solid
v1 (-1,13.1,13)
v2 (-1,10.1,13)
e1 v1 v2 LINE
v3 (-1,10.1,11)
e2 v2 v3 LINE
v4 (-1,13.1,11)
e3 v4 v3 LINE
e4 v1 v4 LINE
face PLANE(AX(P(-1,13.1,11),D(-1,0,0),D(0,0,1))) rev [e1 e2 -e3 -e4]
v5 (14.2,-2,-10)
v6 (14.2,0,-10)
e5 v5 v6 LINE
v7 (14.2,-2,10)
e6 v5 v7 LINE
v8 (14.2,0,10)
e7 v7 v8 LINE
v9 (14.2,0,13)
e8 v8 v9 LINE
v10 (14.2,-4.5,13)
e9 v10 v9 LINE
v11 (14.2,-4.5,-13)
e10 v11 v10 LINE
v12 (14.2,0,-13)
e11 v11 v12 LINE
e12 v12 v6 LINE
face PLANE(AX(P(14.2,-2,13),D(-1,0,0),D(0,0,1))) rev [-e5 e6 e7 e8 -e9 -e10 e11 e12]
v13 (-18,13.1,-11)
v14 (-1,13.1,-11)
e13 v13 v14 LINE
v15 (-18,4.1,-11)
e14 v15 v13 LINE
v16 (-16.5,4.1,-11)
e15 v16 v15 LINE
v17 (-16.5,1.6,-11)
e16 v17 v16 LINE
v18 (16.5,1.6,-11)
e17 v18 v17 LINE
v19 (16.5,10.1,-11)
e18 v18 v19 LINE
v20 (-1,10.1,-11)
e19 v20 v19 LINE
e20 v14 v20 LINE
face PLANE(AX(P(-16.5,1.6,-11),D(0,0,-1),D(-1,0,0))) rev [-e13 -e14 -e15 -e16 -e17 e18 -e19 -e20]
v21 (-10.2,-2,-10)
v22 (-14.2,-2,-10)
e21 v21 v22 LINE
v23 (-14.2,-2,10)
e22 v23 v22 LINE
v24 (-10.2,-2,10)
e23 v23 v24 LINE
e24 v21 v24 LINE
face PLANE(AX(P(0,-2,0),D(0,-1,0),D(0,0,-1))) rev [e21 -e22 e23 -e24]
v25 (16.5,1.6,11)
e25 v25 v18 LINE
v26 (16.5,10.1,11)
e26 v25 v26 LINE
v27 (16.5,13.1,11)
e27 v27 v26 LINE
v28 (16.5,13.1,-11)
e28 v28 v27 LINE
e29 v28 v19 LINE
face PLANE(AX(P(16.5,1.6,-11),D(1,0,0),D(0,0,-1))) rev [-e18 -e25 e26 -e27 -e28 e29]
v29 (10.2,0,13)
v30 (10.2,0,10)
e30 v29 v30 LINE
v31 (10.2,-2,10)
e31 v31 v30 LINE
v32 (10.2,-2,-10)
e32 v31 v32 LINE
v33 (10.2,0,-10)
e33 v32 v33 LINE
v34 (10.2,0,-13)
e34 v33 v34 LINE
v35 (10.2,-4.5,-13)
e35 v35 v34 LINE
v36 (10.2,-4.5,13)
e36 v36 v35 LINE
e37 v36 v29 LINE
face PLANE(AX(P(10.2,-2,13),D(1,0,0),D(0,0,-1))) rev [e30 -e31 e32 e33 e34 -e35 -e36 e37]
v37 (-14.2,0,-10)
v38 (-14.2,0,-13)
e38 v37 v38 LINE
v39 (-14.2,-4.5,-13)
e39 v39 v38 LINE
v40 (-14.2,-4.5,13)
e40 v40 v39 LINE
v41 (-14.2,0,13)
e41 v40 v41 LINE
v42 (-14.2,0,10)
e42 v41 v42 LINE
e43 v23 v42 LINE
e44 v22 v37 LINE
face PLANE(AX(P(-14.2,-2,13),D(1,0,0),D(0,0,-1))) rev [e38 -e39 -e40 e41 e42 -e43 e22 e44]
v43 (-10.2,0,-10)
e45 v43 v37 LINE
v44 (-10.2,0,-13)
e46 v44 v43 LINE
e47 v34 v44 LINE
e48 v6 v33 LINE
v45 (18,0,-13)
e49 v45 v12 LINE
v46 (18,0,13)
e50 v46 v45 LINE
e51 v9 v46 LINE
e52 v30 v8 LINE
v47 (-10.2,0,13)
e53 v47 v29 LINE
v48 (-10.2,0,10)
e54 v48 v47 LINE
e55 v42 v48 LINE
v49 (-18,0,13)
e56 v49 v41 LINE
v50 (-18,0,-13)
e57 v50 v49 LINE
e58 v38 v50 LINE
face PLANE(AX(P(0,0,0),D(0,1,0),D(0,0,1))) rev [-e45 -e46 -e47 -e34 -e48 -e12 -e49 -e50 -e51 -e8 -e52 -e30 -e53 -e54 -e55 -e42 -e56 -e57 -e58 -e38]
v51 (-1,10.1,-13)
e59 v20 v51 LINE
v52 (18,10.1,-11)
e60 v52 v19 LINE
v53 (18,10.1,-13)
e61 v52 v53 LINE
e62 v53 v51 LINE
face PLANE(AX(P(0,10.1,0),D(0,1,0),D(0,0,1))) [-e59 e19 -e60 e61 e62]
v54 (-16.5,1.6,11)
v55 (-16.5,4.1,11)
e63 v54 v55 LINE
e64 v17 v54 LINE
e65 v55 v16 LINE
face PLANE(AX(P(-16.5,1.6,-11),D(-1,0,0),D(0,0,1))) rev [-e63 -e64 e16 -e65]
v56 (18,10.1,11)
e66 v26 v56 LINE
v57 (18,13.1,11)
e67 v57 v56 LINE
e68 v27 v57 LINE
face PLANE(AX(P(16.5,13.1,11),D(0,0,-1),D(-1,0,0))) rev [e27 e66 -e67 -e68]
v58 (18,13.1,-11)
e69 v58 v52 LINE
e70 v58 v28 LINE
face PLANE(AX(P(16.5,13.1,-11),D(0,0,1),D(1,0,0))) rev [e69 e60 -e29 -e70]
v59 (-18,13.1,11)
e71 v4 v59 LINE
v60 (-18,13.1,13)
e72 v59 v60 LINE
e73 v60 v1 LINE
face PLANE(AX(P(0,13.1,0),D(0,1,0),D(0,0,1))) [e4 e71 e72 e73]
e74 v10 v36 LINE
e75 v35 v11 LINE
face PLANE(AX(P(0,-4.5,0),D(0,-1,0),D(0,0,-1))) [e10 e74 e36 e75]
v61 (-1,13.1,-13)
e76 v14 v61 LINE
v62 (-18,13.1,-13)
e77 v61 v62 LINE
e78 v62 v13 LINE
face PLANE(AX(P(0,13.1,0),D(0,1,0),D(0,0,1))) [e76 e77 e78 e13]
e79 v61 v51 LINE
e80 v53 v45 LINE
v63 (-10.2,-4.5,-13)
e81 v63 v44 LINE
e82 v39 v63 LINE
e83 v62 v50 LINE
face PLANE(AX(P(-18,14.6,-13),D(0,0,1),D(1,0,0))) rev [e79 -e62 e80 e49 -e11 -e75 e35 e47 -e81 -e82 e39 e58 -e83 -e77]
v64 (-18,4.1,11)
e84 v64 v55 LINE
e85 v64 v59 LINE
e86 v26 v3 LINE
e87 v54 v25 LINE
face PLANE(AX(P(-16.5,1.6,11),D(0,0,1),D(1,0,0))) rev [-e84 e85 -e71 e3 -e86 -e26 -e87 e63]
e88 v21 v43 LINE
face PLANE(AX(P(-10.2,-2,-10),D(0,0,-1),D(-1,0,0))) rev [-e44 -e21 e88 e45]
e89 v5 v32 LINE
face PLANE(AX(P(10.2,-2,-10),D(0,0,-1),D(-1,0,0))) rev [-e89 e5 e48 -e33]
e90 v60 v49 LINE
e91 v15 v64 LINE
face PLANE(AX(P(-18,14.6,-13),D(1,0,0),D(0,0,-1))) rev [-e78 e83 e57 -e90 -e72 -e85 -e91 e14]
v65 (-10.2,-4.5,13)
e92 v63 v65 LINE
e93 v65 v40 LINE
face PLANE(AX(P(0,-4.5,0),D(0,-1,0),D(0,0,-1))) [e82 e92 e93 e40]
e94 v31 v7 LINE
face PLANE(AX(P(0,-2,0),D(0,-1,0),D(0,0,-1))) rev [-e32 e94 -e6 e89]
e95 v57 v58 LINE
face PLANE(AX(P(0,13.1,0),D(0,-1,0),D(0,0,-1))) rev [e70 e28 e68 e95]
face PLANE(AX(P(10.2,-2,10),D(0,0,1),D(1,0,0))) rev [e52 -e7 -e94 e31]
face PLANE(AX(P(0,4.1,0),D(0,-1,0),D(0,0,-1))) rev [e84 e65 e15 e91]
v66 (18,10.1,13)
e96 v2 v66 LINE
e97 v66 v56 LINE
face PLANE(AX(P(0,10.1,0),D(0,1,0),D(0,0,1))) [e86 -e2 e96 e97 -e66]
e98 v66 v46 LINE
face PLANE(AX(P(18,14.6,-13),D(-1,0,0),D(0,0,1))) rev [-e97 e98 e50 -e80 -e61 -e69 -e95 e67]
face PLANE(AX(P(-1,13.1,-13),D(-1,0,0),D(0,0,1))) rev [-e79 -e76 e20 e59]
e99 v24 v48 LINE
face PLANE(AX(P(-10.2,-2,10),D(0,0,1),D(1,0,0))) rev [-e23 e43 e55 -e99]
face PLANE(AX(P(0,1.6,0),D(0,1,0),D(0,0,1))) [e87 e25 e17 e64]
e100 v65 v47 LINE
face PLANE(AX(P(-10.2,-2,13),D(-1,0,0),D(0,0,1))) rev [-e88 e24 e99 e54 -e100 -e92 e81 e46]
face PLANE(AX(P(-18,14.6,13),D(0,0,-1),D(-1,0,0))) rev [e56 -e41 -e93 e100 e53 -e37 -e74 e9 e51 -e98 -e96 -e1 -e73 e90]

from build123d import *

# Parameters (mm, degrees)
SKETCH_1_W          = 36
SKETCH_1_H          = 26
EXTRUDE_1_DEPTH     = 14.6
SKETCH_2_W          = 33
SKETCH_2_H          = 22
CUT_EXTRUDE_1_DEPTH = 13
SKETCH_3_W          = 36
SKETCH_3_H          = 26
CUT_EXTRUDE_2_DEPTH = 4.5
SKETCH_4_W          = 1.5
SKETCH_4_H          = 22
CUT_EXTRUDE_3_DEPTH = 6
SKETCH_7_W          = 17
SKETCH_7_H          = 2
SKETCH_7_W_2        = 1.5
SKETCH_7_H_2        = 22
EXTRUDE_4_DEPTH     = 3
SKETCH_5_W          = 4
SKETCH_5_H          = 3
EXTRUDE_5_DEPTH     = 2
SKETCH_8_W          = 4
SKETCH_8_H          = 26
EXTRUDE_6_DEPTH     = 2.5


with BuildPart() as part:
    # 草图1 → 凸台-拉伸1 (new body)
    with BuildSketch(Plane(origin=(0, 0, 0), x_dir=(1, 0, 0), z_dir=(0, 1, 0))):
        Rectangle(SKETCH_1_W, SKETCH_1_H)
    extrude(amount=EXTRUDE_1_DEPTH)

    # 草图2 → 切除-拉伸1 (cut)
    with BuildSketch(Plane(origin=(0, 14.6, 0), x_dir=(1, 0, 0), z_dir=(0, 1, 0))):
        Rectangle(SKETCH_2_W, SKETCH_2_H)
    extrude(amount=-CUT_EXTRUDE_1_DEPTH, mode=Mode.SUBTRACT)

    # 草图3 → 切除-拉伸2 (cut)
    with BuildSketch(Plane(origin=(0, 14.6, 0), x_dir=(1, 0, 0), z_dir=(0, 1, 0))):
        Rectangle(SKETCH_3_W, SKETCH_3_H)
    extrude(amount=-CUT_EXTRUDE_2_DEPTH, mode=Mode.SUBTRACT)

    # 草图4 → 切除-拉伸3 (cut)
    with BuildSketch(Plane(origin=(0, 10.1, 0), x_dir=(1, 0, 0), z_dir=(0, 1, 0))):
        with Locations((-17.25, 0)):
            Rectangle(SKETCH_4_W, SKETCH_4_H)
    extrude(amount=-CUT_EXTRUDE_3_DEPTH, mode=Mode.SUBTRACT)

    # 草图7 → 凸台-拉伸4 (add)
    with BuildSketch(Plane(origin=(0, 10.1, 0), x_dir=(1, 0, 0), z_dir=(0, 1, 0))):
        with Locations((-9.5, 12)):
            Rectangle(SKETCH_7_W, SKETCH_7_H)
        with Locations((-9.5, -12)):
            Rectangle(SKETCH_7_W, SKETCH_7_H)
        with Locations((17.25, 0)):
            Rectangle(SKETCH_7_W_2, SKETCH_7_H_2)
    extrude(amount=EXTRUDE_4_DEPTH)

    # 草图5 → 凸台-拉伸5 (add)
    with BuildSketch(Plane(origin=(0, 0, 0), x_dir=(-1, 0, 0), z_dir=(0, -1, 0))):
        with Locations((-12.2, -11.5)):
            Rectangle(SKETCH_5_W, SKETCH_5_H)
        with Locations((12.2, -11.5)):
            Rectangle(SKETCH_5_W, SKETCH_5_H)
        with Locations((-12.2, 11.5)):
            Rectangle(SKETCH_5_W, SKETCH_5_H)
        with Locations((12.2, 11.5)):
            Rectangle(SKETCH_5_W, SKETCH_5_H)
    extrude(amount=EXTRUDE_5_DEPTH)

    # 草图8 → 凸台-拉伸6 (add)
    with BuildSketch(Plane(origin=(0, -2, 0), x_dir=(-1, 0, 0), z_dir=(0, -1, 0))):
        with Locations((-12.2, 0)):
            Rectangle(SKETCH_8_W, SKETCH_8_H)
        with Locations((12.2, 0)):
            Rectangle(SKETCH_8_W, SKETCH_8_H)
    extrude(amount=EXTRUDE_6_DEPTH)


solid = part.part
